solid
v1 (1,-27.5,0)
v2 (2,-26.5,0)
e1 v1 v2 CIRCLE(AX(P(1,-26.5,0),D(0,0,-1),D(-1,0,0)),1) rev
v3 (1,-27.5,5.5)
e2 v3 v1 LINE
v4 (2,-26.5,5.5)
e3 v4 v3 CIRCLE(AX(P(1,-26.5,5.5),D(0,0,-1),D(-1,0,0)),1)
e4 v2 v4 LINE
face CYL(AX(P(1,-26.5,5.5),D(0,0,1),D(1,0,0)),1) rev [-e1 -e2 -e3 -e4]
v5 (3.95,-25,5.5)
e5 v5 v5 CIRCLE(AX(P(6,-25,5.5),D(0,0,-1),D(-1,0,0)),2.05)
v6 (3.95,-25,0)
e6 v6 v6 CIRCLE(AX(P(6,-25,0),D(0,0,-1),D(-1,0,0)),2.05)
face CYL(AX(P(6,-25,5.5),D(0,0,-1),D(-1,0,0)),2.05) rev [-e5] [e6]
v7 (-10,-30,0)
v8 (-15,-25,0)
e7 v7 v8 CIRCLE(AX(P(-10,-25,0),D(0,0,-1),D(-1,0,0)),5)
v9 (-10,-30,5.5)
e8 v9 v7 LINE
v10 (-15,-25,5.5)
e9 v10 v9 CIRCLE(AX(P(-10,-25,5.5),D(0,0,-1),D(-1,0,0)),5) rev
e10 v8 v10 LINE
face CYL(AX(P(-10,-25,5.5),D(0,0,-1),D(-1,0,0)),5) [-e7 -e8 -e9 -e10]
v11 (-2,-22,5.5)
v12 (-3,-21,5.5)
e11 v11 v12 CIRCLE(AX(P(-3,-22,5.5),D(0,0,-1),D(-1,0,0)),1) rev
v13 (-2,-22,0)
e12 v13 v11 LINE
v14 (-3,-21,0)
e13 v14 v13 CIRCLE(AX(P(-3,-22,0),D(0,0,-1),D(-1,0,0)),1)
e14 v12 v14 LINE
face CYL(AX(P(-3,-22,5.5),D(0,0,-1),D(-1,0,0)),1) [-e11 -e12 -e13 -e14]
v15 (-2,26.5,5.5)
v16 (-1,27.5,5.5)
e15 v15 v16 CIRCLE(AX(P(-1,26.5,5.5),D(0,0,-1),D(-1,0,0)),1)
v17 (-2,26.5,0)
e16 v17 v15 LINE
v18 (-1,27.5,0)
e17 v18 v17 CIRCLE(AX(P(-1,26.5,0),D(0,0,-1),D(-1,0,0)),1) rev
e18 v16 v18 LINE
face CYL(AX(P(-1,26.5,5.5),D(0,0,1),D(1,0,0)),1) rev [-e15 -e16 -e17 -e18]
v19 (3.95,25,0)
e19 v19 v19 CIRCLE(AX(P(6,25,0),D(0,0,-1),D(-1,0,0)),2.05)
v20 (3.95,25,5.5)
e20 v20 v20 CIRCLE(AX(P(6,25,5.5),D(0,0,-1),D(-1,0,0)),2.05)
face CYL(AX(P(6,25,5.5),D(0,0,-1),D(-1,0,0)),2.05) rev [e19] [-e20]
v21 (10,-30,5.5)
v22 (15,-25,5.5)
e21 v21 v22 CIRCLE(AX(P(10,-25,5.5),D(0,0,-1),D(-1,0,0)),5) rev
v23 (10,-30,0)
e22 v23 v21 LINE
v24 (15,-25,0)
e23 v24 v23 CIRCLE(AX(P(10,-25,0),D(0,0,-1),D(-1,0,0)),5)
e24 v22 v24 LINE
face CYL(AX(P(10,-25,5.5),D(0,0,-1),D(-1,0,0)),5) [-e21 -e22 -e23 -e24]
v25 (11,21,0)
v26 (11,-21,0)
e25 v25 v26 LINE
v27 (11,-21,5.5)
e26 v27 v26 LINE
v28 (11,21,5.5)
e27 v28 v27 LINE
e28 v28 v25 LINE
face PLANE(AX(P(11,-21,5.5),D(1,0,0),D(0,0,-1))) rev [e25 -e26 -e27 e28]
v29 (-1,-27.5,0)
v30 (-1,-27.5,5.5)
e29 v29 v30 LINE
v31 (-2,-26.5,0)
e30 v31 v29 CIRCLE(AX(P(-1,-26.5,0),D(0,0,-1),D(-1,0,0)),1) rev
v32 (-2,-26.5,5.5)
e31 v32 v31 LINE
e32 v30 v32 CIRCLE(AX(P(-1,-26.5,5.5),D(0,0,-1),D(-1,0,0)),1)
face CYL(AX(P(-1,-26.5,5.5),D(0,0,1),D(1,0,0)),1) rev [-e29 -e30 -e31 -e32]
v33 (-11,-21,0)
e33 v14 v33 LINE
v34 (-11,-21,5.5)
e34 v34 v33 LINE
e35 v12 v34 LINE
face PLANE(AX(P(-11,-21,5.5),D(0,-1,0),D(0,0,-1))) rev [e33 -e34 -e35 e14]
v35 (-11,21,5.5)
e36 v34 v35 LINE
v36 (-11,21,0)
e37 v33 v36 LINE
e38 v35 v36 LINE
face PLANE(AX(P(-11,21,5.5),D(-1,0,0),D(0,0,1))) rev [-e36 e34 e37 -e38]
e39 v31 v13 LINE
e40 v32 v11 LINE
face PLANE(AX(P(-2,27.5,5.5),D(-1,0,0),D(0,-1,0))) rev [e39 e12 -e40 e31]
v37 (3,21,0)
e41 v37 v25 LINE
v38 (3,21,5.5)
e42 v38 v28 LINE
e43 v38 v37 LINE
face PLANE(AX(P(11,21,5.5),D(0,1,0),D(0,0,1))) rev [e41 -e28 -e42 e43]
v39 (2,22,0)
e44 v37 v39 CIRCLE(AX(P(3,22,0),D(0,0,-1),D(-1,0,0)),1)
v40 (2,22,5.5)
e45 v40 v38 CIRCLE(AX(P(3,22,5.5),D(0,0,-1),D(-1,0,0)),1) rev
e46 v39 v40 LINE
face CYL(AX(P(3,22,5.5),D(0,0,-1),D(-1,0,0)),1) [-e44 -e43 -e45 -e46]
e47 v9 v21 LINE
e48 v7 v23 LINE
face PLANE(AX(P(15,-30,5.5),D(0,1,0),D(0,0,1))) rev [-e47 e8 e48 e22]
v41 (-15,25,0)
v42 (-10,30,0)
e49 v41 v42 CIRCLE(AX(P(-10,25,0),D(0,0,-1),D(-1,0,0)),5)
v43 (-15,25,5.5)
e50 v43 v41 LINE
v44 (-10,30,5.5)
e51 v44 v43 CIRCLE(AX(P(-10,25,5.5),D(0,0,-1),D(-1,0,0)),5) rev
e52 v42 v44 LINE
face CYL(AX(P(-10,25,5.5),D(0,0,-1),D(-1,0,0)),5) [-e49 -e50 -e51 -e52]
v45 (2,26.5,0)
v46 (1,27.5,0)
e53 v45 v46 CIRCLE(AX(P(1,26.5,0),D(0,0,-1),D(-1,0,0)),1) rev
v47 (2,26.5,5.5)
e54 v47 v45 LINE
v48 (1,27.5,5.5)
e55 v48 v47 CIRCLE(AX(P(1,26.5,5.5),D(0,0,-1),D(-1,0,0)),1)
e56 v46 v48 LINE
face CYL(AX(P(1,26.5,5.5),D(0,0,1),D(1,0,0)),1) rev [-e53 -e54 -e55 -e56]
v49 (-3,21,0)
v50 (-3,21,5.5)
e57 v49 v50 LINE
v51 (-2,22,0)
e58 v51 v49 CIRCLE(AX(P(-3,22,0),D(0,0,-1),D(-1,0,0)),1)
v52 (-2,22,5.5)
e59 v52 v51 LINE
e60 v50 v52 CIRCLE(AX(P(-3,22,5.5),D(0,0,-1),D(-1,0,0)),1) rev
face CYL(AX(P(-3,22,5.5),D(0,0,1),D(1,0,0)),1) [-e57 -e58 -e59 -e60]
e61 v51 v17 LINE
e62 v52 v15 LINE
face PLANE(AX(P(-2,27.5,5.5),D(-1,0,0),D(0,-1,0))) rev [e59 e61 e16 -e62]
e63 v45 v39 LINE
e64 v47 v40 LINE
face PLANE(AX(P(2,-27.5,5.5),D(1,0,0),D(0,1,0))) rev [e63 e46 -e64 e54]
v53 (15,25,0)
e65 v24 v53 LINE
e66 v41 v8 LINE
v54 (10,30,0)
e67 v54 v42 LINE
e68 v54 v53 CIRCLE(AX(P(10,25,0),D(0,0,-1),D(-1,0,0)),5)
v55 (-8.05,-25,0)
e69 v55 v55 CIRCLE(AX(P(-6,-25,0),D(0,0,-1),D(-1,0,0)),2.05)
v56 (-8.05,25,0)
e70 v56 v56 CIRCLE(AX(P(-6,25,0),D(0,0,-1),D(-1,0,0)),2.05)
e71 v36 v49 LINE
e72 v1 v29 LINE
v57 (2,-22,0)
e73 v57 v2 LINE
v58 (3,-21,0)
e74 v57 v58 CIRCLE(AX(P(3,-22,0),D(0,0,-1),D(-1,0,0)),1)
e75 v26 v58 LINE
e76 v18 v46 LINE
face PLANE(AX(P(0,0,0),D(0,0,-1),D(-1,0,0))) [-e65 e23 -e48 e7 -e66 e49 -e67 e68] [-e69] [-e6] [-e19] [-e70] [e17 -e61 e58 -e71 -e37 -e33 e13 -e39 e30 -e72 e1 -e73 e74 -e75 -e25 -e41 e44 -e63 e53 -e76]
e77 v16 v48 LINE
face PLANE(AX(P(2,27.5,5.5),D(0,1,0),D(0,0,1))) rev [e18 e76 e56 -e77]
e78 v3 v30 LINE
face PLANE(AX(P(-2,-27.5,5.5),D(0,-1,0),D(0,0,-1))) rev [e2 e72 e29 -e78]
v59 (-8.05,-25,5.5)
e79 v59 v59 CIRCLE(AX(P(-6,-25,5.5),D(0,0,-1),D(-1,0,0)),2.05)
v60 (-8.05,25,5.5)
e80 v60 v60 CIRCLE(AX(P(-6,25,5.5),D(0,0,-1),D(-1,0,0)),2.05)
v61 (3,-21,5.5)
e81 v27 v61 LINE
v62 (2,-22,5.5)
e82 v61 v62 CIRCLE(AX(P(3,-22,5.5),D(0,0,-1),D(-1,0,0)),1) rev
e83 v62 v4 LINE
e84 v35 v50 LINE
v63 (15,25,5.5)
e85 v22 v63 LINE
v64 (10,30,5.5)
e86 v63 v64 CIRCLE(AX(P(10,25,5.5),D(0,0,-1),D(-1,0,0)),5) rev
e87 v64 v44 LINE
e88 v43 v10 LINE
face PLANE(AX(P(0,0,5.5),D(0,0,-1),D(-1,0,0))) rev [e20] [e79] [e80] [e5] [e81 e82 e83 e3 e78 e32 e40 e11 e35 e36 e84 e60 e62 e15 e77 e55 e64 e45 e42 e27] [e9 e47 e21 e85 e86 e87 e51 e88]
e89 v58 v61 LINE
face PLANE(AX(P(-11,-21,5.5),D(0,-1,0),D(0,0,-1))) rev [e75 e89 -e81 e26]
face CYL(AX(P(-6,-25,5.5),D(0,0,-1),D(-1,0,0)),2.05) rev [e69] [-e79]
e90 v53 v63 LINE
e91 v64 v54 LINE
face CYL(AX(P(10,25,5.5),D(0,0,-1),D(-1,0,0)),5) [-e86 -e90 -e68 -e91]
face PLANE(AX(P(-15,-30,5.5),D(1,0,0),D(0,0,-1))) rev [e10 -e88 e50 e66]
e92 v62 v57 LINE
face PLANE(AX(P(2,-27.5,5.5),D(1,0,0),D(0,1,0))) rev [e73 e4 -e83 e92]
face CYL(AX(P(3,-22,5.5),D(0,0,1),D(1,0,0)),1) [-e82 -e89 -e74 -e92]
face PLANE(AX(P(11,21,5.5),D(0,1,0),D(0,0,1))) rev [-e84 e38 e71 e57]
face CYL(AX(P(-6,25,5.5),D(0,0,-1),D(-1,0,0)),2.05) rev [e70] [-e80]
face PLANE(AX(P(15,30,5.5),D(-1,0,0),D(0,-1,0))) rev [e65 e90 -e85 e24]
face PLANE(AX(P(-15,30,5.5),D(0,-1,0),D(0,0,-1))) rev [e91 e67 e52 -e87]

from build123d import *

# Parameters (mm, degrees)
CROQUIS1_W              = 30
CROQUIS1_H              = 60
SALIENTE_EXTRUIR1_DEPTH = 5.5
CROQUIS2_W              = 22
CROQUIS2_H              = 42
CORTAR_EXTRUIR1_DEPTH   = 34.988968799
CROQUIS3_R              = 2.05
CORTAR_EXTRUIR2_DEPTH   = 34.988968799
REDONDEO1_R             = 5
REDONDEO3_R             = 1


with BuildPart() as part:
    # Croquis1 → Saliente-Extruir1 (new body)
    with BuildSketch(Plane.XY):
        Rectangle(CROQUIS1_W, CROQUIS1_H)
    extrude(amount=SALIENTE_EXTRUIR1_DEPTH)

    # Croquis2 → Cortar-Extruir1 (cut, through all)
    with BuildSketch(Plane(origin=(0, 0, 0), x_dir=(-1, 0, 0), z_dir=(0, 0, -1))):
        Rectangle(CROQUIS2_W, CROQUIS2_H)
    extrude(amount=-CORTAR_EXTRUIR1_DEPTH, mode=Mode.SUBTRACT)

    # Croquis3 → Cortar-Extruir2 (cut, through all)
    with BuildSketch(Plane(origin=(0, 0, 0), x_dir=(-1, 0, 0), z_dir=(0, 0, -1))):
        with Locations((-6, 25)):
            Circle(CROQUIS3_R)
        with Locations((6, 25)):
            Circle(CROQUIS3_R)
        with Locations((-6, -25)):
            Circle(CROQUIS3_R)
        with Locations((6, -25)):
            Circle(CROQUIS3_R)
        Polygon((-2, 21), (-2, 27.5), (2, 27.5), (2, -27.5), (-2, -27.5), align=None)
    extrude(amount=-CORTAR_EXTRUIR2_DEPTH, mode=Mode.SUBTRACT)

    # Redondeo1
    redondeo1_edges = [part.edges().sort_by_distance(p)[0] for p in [
        (-15, 30, 2.75),
        (15, 30, 2.75),
        (15, -30, 2.75),
        (-15, -30, 2.75),
    ]]
    fillet(redondeo1_edges, radius=REDONDEO1_R)

    # Redondeo3
    redondeo3_edges = [part.edges().sort_by_distance(p)[0] for p in [
        (2, -21, 2.75),
        (-2, -21, 2.75),
        (-2, 21, 2.75),
        (-2, 27.5, 2.75),
        (2, 21, 2.75),
        (2, -27.5, 2.75),
        (-2, -27.5, 2.75),
        (2, 27.5, 2.75),
    ]]
    fillet(redondeo3_edges, radius=REDONDEO3_R)


solid = part.part
